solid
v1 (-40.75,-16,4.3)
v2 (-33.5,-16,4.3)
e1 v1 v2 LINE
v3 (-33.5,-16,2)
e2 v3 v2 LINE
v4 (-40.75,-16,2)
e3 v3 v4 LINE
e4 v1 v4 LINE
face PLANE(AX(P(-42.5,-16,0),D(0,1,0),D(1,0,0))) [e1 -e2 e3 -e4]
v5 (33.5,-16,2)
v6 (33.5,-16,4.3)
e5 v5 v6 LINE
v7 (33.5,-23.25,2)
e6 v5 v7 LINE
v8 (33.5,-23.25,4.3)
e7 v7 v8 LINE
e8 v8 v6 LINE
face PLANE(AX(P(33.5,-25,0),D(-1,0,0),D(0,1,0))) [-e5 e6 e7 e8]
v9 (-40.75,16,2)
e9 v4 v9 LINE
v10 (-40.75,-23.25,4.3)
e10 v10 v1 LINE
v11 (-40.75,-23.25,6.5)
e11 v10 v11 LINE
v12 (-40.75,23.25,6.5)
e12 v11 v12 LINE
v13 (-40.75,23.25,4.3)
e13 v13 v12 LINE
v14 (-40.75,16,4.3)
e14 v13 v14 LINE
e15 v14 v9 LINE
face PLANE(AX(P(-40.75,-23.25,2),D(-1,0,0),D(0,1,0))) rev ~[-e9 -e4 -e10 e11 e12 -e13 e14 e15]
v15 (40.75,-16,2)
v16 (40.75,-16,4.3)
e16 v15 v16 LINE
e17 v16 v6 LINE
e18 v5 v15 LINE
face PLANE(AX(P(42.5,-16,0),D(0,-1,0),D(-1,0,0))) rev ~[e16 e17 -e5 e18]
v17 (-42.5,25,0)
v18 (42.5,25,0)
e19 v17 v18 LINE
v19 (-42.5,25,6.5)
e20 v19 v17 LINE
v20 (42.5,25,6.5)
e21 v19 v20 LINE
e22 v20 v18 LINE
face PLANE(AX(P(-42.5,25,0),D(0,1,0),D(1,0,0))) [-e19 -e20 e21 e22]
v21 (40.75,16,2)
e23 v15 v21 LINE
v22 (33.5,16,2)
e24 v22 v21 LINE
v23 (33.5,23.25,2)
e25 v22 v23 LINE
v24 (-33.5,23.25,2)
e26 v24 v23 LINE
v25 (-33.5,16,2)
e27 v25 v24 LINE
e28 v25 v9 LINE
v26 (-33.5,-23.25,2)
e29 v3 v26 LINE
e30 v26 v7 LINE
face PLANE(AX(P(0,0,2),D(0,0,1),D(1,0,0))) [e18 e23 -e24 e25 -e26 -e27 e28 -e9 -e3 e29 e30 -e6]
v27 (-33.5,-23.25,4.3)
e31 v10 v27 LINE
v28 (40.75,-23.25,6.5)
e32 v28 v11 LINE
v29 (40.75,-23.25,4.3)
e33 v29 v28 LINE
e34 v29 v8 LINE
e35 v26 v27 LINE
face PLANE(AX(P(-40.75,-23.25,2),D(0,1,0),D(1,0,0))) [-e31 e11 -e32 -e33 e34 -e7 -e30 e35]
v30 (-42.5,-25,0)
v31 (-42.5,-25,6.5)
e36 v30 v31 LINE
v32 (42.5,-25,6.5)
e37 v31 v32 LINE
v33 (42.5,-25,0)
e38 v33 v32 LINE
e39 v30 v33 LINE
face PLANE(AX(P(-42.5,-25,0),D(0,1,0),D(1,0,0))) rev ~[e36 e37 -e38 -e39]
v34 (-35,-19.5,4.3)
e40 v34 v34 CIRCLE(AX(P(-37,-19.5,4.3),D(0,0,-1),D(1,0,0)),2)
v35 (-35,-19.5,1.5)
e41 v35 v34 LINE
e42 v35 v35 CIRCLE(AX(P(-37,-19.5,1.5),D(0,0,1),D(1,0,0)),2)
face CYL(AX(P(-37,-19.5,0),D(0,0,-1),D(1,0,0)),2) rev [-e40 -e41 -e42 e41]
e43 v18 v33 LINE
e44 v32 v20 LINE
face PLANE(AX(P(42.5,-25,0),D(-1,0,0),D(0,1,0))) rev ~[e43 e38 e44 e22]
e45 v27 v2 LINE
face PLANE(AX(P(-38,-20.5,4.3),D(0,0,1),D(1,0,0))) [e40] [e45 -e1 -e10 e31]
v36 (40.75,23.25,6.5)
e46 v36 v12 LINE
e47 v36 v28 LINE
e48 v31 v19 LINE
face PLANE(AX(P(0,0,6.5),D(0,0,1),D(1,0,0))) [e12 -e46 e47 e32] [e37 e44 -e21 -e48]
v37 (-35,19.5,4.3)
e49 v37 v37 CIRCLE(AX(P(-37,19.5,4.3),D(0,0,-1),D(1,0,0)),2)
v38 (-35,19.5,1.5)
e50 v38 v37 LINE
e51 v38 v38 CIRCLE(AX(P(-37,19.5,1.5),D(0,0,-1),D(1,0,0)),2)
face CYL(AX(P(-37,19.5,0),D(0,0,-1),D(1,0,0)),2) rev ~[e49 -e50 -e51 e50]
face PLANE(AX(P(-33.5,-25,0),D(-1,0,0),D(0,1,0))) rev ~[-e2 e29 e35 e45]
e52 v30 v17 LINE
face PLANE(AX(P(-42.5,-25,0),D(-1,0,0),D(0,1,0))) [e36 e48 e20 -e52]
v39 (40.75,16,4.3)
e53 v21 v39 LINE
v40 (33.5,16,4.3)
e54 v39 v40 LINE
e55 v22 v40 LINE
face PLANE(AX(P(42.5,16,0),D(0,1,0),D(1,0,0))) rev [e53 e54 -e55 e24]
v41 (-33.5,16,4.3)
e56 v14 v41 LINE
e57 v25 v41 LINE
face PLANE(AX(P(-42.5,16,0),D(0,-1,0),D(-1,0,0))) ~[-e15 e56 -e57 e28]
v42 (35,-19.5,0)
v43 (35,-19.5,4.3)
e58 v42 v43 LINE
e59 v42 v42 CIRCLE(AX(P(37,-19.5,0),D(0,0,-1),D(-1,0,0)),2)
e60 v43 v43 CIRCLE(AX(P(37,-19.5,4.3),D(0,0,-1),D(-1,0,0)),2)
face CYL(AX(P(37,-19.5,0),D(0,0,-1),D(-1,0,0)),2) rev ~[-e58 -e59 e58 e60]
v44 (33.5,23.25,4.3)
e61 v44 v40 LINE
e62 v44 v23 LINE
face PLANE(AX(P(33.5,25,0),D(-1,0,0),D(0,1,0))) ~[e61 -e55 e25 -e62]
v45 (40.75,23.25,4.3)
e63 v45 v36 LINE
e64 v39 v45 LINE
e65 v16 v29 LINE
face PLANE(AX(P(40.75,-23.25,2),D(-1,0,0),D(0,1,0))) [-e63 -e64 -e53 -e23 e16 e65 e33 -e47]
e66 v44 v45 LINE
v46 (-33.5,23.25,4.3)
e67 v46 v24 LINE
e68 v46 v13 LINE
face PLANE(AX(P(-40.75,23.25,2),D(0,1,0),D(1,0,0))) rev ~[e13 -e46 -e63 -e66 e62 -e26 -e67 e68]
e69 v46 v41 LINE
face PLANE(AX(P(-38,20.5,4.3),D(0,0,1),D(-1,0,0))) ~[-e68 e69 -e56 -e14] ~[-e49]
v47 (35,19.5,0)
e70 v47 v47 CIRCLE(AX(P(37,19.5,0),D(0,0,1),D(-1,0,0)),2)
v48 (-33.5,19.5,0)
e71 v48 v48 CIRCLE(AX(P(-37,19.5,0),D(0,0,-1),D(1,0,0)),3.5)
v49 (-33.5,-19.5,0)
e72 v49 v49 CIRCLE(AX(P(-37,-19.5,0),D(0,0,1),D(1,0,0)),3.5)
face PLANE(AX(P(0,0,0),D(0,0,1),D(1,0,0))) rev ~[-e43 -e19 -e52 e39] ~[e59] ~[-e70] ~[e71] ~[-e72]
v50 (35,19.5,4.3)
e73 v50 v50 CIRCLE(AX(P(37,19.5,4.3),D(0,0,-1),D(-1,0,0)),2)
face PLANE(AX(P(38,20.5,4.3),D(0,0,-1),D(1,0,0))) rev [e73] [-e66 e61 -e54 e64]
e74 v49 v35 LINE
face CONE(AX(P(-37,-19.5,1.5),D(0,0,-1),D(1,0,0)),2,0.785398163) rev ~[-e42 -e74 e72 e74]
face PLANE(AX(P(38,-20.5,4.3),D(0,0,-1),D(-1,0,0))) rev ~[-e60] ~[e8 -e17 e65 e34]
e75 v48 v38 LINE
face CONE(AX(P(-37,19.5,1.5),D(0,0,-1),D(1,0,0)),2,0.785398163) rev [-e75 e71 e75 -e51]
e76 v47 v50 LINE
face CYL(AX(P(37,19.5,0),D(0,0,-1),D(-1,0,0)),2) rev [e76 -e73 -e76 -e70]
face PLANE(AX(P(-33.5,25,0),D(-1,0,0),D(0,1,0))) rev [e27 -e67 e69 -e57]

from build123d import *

# Parameters (mm, degrees)
SKETCH007_W                     = 85
SKETCH007_H                     = 50
PAD006_DEPTH                    = 6.5
SKETCH008_W                     = 81.5
SKETCH008_H                     = 46.5
POCKET_DEPTH                    = 4.501
SKETCH010_W                     = 9
SKETCH010_H                     = 9
PAD007_DEPTH                    = 4.3
SKETCH010_MIRRORED002_2_W       = 9
SKETCH010_MIRRORED002_2_H       = 9
PAD007_MIRRORED002_2_DEPTH      = 4.3
CYLINDER001_R                   = 2
CYLINDER001_DEPTH               = 10
CYLINDER001_MIRRORED004_2_R     = 2
CYLINDER001_MIRRORED004_2_DEPTH = 10
SKETCH017_W                     = 4.302639
SKETCH017_H                     = 32
POCKET006_DEPTH                 = 5
CHAMFER_SIZE                    = 1.5


with BuildPart() as part:
    # Sketch007 → Pad006 (new body)
    with BuildSketch(Plane.XY):
        Rectangle(SKETCH007_W, SKETCH007_H)
    extrude(amount=PAD006_DEPTH)

    # Sketch008 → Pocket (cut, through all)
    with BuildSketch(Plane.XY.offset(2)):
        Rectangle(SKETCH008_W, SKETCH008_H)
    extrude(amount=POCKET_DEPTH, mode=Mode.SUBTRACT)

    # Sketch010 → Pad007 (join)
    with BuildSketch(Plane.XY):
        with Locations((-38, -20.5)):
            Rectangle(SKETCH010_W, SKETCH010_H)
    pad007 = extrude(amount=PAD007_DEPTH)

    # Sketch010 Mirrored002 2 → Pad007 Mirrored002 2 (add)
    with BuildSketch(Plane(origin=(0, 0, 0), x_dir=(-1, 0, 0), z_dir=(0, 0, -1))):
        with Locations((-38, -20.5)):
            Rectangle(SKETCH010_MIRRORED002_2_W, SKETCH010_MIRRORED002_2_H)
    pad007_mirrored002_2 = extrude(amount=-PAD007_MIRRORED002_2_DEPTH)

    # Mirrored003: Pad007, Pad007 Mirrored002 2 across Sketch010 H_Axis
    add(pad007.mirror(Plane.ZX))
    add(pad007_mirrored002_2.mirror(Plane.ZX))

    # Cylinder001 → Cylinder001 (cut)
    with BuildSketch(Plane(origin=(-37, -19.5, 0), x_dir=(1, 0, 0), z_dir=(0, 0, 1))):
        Circle(CYLINDER001_R)
    cylinder001 = extrude(amount=CYLINDER001_DEPTH, mode=Mode.SUBTRACT)

    # Cylinder001 Mirrored004 2 → Cylinder001 Mirrored004 2 (cut)
    with BuildSketch(Plane(origin=(37, -19.5, 0), x_dir=(-1, 0, 0), z_dir=(0, 0, -1))):
        Circle(CYLINDER001_MIRRORED004_2_R)
    cylinder001_mirrored004_2 = extrude(amount=-CYLINDER001_MIRRORED004_2_DEPTH, mode=Mode.SUBTRACT)

    # Mirrored005: Cylinder001, Cylinder001 Mirrored004 2 across XZ
    add(cylinder001.mirror(Plane.XZ), mode=Mode.SUBTRACT)
    add(cylinder001_mirrored004_2.mirror(Plane.XZ), mode=Mode.SUBTRACT)

    # Sketch017 → Pocket006 (cut)
    with BuildSketch(Plane.XY.offset(6.5)):
        with Locations((-41.55937, 0)):
            Rectangle(SKETCH017_W, SKETCH017_H)
    extrude(amount=POCKET006_DEPTH, mode=Mode.SUBTRACT)

    # Chamfer
    chamfer_edges = [part.edges().sort_by_distance(p)[0] for p in [
        (-39, -19.5, 0),
        (-39, 19.5, 0),
    ]]
    chamfer(chamfer_edges, length=CHAMFER_SIZE)


solid = part.part
